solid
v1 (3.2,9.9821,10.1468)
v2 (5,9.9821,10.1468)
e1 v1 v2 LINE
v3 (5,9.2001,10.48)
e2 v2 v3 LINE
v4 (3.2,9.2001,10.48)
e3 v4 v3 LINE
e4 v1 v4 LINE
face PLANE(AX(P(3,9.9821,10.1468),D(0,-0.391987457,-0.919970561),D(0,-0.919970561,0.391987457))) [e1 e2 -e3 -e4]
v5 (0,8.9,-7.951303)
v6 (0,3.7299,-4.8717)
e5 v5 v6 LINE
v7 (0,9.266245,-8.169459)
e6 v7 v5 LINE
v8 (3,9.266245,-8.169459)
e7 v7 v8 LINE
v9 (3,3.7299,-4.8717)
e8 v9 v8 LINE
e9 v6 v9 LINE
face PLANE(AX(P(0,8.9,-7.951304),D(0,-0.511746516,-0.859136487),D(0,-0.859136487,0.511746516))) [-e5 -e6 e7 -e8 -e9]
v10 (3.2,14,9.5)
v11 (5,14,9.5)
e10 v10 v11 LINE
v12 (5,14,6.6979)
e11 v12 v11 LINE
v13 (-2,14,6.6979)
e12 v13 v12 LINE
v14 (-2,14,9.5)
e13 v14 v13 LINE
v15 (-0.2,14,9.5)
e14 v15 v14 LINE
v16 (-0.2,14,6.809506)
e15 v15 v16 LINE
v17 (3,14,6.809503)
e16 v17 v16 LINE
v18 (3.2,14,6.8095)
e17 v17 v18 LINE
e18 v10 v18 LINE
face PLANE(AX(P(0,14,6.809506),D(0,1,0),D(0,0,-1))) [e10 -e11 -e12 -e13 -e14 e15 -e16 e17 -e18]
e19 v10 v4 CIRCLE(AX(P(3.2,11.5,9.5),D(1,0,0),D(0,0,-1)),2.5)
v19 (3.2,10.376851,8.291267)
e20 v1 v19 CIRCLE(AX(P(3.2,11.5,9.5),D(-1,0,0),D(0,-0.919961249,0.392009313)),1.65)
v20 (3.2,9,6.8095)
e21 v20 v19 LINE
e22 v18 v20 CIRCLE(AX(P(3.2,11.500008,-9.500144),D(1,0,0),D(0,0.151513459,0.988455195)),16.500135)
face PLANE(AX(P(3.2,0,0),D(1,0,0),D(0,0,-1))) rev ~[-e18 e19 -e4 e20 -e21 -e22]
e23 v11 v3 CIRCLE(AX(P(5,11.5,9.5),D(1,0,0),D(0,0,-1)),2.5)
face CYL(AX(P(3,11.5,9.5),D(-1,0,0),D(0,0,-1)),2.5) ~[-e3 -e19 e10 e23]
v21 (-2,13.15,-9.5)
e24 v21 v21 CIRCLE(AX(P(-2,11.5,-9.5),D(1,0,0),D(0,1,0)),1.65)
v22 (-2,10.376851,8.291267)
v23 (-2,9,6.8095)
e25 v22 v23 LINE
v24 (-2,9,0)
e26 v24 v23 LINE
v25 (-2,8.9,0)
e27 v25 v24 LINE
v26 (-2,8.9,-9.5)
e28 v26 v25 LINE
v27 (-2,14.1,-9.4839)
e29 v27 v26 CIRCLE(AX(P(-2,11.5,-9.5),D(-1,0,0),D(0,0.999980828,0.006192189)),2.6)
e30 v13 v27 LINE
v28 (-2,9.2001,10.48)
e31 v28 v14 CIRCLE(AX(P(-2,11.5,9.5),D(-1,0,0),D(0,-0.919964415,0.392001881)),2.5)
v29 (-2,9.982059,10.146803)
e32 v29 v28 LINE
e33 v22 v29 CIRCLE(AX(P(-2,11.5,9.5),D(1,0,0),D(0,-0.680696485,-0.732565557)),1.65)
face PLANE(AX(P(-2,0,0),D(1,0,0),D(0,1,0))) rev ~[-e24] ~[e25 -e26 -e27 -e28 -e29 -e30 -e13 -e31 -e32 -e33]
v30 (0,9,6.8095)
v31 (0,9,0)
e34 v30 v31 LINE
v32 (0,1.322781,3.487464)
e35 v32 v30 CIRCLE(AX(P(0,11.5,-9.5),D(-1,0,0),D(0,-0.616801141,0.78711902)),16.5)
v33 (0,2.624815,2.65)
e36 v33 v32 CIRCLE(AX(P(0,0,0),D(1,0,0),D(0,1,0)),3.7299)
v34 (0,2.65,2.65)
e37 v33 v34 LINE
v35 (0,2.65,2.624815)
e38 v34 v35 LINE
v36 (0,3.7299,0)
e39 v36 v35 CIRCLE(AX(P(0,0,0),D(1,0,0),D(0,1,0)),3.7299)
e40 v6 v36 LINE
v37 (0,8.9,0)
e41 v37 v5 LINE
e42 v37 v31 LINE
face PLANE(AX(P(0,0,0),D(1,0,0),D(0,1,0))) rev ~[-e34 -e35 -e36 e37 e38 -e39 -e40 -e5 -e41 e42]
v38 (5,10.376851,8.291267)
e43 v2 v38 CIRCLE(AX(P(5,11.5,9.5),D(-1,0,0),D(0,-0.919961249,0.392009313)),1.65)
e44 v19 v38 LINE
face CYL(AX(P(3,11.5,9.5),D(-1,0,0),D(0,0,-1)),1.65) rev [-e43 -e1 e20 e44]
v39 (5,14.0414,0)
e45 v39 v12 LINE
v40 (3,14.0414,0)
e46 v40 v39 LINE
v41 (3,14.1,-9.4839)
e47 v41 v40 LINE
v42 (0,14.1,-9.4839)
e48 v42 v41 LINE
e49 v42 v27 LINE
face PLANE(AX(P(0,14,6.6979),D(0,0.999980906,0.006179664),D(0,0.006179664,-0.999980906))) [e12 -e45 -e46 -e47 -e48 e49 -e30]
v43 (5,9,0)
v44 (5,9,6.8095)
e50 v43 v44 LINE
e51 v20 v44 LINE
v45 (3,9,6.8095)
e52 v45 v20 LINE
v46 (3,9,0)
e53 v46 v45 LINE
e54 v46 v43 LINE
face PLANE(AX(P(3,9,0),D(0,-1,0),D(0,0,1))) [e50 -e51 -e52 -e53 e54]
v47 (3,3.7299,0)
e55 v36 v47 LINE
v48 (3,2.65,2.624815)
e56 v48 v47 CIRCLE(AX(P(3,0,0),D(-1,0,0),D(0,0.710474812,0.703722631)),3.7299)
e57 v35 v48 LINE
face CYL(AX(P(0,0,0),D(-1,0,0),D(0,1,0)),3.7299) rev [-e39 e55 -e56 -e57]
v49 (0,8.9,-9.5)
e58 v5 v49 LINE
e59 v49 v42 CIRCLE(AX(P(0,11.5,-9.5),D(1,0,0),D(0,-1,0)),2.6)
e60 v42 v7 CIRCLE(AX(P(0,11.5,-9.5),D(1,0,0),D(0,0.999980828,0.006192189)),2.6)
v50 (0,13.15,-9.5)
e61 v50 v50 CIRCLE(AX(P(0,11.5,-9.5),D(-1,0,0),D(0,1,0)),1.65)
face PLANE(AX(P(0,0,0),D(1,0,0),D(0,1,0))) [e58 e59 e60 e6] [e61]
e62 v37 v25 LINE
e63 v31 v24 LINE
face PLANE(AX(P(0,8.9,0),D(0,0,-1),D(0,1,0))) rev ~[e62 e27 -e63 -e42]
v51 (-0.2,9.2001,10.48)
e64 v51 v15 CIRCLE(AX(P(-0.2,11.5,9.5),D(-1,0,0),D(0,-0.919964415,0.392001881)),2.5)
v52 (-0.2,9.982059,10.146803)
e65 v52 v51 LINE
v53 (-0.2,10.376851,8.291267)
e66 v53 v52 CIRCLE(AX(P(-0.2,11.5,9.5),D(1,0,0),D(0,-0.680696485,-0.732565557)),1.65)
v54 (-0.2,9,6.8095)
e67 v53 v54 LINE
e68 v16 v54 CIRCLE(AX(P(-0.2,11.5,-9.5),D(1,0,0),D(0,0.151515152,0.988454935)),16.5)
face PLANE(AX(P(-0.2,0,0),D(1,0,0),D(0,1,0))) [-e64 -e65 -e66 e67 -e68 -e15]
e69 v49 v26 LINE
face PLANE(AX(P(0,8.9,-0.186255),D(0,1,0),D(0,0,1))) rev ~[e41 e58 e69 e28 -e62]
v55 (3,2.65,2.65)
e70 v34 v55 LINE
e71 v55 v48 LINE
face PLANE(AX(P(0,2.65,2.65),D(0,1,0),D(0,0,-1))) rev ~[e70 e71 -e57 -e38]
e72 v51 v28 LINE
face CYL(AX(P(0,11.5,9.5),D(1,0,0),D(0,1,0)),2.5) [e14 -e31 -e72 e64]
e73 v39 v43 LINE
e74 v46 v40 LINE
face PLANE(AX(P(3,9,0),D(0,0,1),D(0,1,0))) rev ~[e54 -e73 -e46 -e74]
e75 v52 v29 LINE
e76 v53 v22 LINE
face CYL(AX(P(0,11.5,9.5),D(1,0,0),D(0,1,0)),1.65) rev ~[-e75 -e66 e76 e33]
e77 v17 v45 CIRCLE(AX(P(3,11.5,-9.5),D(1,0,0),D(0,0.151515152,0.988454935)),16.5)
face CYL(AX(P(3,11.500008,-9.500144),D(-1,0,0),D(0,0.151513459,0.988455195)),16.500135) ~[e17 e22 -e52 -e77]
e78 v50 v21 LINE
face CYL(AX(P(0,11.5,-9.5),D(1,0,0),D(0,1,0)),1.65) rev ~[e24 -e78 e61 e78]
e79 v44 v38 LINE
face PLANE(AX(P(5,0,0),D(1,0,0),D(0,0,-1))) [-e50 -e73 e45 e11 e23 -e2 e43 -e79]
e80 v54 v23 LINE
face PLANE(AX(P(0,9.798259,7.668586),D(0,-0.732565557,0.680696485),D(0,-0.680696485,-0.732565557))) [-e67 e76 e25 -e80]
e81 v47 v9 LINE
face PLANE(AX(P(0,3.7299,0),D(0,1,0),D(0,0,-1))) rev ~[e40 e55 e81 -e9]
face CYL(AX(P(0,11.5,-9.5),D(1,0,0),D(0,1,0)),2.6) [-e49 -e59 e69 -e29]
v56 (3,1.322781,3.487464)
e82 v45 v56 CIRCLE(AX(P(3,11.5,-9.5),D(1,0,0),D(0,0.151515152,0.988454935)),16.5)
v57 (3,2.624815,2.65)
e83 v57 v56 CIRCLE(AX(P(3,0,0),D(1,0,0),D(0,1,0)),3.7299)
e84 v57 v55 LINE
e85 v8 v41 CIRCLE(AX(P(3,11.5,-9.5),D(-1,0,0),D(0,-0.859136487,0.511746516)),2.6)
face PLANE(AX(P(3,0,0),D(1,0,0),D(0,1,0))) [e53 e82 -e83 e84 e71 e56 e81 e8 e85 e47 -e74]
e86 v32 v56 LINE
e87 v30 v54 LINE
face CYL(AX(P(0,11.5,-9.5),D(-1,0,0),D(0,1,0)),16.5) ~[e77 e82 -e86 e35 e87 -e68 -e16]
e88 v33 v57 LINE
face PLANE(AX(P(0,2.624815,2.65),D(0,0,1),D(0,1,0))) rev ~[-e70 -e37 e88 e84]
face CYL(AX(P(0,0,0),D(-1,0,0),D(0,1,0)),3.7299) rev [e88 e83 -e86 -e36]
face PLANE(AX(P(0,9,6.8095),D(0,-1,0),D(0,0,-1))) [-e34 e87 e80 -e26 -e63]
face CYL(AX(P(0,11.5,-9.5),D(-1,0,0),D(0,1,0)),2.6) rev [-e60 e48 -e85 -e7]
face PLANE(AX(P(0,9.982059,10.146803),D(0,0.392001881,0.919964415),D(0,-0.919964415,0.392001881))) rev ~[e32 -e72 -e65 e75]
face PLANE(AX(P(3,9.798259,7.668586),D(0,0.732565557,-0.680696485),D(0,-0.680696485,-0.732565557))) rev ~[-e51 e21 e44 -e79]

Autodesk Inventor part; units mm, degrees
ref_plane "YZ Plane" through (0, 0, 0) normal (1, 0, 0) x (0, 1, 0)
ref_plane "XZ Plane" through (0, 0, 0) normal (0, 1, 0) x (-1, 0, 0)
ref_plane "XY Plane" through (0, 0, 0) normal (0, 0, 1) x (1, 0, 0)
sketch "スケッチ1" plane through (0, 0, 0) normal (1, 0, 0) x (0, 1, 0)
  line L0 (0, 0) -> (0, 6)
  line L1 (0, 6) -> (0, -6)
  line L2 (0, 0) -> (11.5, 0)
  line L3 (11.5, 0) -> (11.5, 9.5)
  line L4 (11.5, 9.5) -> (11.5, -9.5)
  circle A0 centre (0, 6) radius 1.25
  circle A1 centre (0, -6) radius 1.25
  circle A2 centre (11.5, 9.5) radius 1.65
  circle A3 centre (11.5, -9.5) radius 1.65
  circle A4 centre (11.5, 9.5) radius 2.5
  circle A5 centre (11.5, -9.5) radius 2.5
  circle A6 centre (0, 0) radius 2.65
  line L5 (0, 0) -> (-14.6, 0)
  circle A7 centre (-14.6, 0) radius 1.65
  circle A8 centre (-14.6, 0) radius 2.5
  circle A9 centre (0, 6) radius 2
  circle A10 centre (0, -6) radius 2
  line L6 (0, 8) -> (10.6499, 11.851)
  line L7 (0, -8) -> (10.6499, -11.851)
  line L8 (-14.6, 0) -> (-14.6, -2.5)
  line L9 (-14.6, 0) -> (-12.1, 0) construction
  line L10 (-14.6, -2.5) -> (-14.6, 2.5)
  line L11 (-14.6, -2.5) -> (-0.7212, -7.8655)
  line L12 (-14.6, 2.5) -> (-0.7212, 7.8655)
  circle A11 centre (11.5, -9.5) radius 14.9164
  line L13 (11.5, -9.5) -> (0, 0)
  line L14 (11.5, -9.5) -> (0, -2.65)
  line L15 (14, 9.5) -> (14, 6.6979)
  circle A12 centre (11.5, -9.5) radius 16.7294
  circle A13 centre (11.5, -9.5) radius 2.6
  circle A14 centre (11.5, -9.5) radius 16.5
  line L16 (14, 6.6979) -> (14.1, -9.4839)
  line L17 (8.9, -9.5) -> (8.9, 0)
  line L18 (9, 9.5) -> (9, 0)
  line L19 (14.0414, 0) -> (11.5, 0)
  line L20 (0, 2.65) -> (2.65, 2.65)
  line L21 (2.65, 2.65) -> (2.65, 0)
  line L22 (2.65, 2.65) -> (2.65, 4.4258)
  circle A15 centre (0, 0) radius 3.575
  line L23 (0, 3.575) -> (14.0193, 3.575)
  line L24 (0, 3.575) -> (14.0193, 3.575) construction
  circle A16 centre (0, 0) radius 3.7299
  circle A17 centre (11.5, -9.5) radius 11.1866
  line L25 (0, -3.7299) -> (1.8129, -3.7299)
  line L26 (3.7299, 0) -> (3.7299, -4.8717)
  line L27 (3.7299, -3.7299) -> (1.8129, -3.7299)
  circle A18 centre (11.473, -9.4839) radius 9.6471
  line L28 (11.5, 9.5) -> (9.2001, 10.48)
  line L29 (11.5, 9.5) -> (9, 6.8095)
  point P0 (9.3522, -8.2206)
  point P1 (0, 2.65)
  point P2 (12.4812, 7.2006)
  point P3 (14, 6.8095)
  point P4 (0.3158, 2.6311)
  point P5 (9.2662, -8.1695)
  point P6 (1.3228, 3.4875)
  point P7 (2.6248, 2.65)
  point P8 (2.65, 2.6248)
  point P9 (1.3732, -3.4679)
  point P10 (3.1849, -4.5471)
  point P11 (11.5, 7.2294)
  point P12 (9, 7.0415)
  point P13 (9.9821, 10.1468)
  point P14 (11.5, 7.85)
  point P15 (9.2488, 7.0772)
  point P16 (10.3768, 8.2913)
  dimension "d9" = 5
  dimension "d32" = 7.15
  dimension "d0" = 6
  dimension "d1" = 12
  dimension "d2" = 11.5
  dimension "d3" = 9.5
  dimension "d4" = 19
  dimension "d5" = 2.5
  dimension "d6" = 3.3
  dimension "d7" = 3.3
  dimension "d8" = 5
  dimension "d10" = 5.3
  dimension "d11" = 14.6
  dimension "d12" = 3.3
  dimension "d13" = 5
  dimension "d14" = 4
  dimension "d15" = 4
  dimension "d16" = 90
  dimension "d21" = 5.2
  dimension "d22" = 33
  dimension "d33" = 0
extrude "押し出し3" add sketch "スケッチ1" along normal blind 3 contours L23 L22 L20 A16 A14 | A14 L22 L23 | L18 A11 L23 L22 A14 | A14 L3 A11 L18 | L23 A11 A16 L21 L22 | A14 L15 L16 A11 L3 | L18 L23 A11 | A11 L3 L23 L18 | L23 L18 A17 L2 A16 A11 | L2 A17 L26 | A11 L16 L23 L3 | L23 L3 A17 L18 | A17 L18 L2 | L2 L17 A18 L13 L26 A17 | L13 A18 L26 | L23 L16 A17 L3 | A17 L3 A18 L2 L18 | L2 A18 L17 | A18 L17 L13 | L13 L17 L14 L26 A18 | A17 L16 L19 A18 L3 | A18 L2 L4 A13 L13 L17 | L13 A13 L14 L17 | A18 L19 L3 | L3 L2 A18 | L19 A18 L16 A13 L4 | L19 L16 A18
extrude "押し出し4" add sketch "スケッチ1" against normal blind 2 contours L29 A4 A12 | A12 A4 A14 L29 | A14 L3 A11 L18 | A12 L3 A4 | A4 L29 A2 L3 A12 | A4 A12 L3 A2 L28 | A14 L15 L16 A11 L3 | L3 A12 A4 | A4 A12 L15 A14 | A11 L3 L23 L18 | A11 L16 L23 L3 | A4 L15 A12 | L23 L3 A17 L18 | L23 L16 A17 L3 | A17 L3 A18 L2 L18 | L2 A18 L17 | A17 L16 L19 A18 L3 | A18 L2 L4 A13 L13 L17 | L13 A13 L14 L17 | A18 L19 L3 | L3 L2 A18 | A13 L4 A5 L13 | L13 A5 L14 A13 | L14 A13 L17 | L19 A18 L16 A13 L4 | L19 L16 A18 | A13 L14 A5 L7 | L7 A5 L4 A13 | L13 A3 L14 A5 | A5 L4 A3 L13 | A5 L14 A3 L4
sketch "スケッチ3" plane through (3, 0, 0) normal (1, 0, 0) x (0, 0, -1)
  line L0 (0, 0) -> (0, 11.5)
  line L1 (0, 11.5) -> (-9.5, 11.5)
  circle A0 centre (-9.5, 11.5) radius 1.65
  circle A1 centre (-9.5, 11.5) radius 2.5
  line L2 (-10.1468, 9.9821) -> (-10.48, 9.2001) projected
  line L3 (-9.5, 11.5) -> (-10.48, 9.2001)
  line L4 (-9.5, 11.5) -> (-6.8095, 9)
  arc A2 (-6.8095, 14) -> (-3.4875, 1.3228) centre (9.5, 11.5) ccw projected
  line L5 (0, 9) -> (-6.8095, 9) projected
  line L6 (-6.8095, 9) -> (0, 9)
  line L7 (0, 9) -> (0, 14.0414)
  line L8 (9.4839, 14.1) -> (-6.6979, 14) projected
  line L9 (-9.5, 14) -> (-6.6979, 14) projected
  line L10 (-9.5, 14) -> (0, 14.0414)
  point P0 (-8.2913, 10.3768)
  dimension "d37" = 3.3
  dimension "d34" = 11.5
  dimension "d35" = 9.5
  dimension "d36" = 90
  dimension "d38" = 5
extrude "押し出し6" add sketch "スケッチ3" along normal blind 2 contours L5 A2 L1 L0 | L1 A2 L9 L8 L7 | L4 A1 A2 | A1 L4 A0 L1 | L1 A0 L2 A1 | A1 L9 A2
extrude "押し出し7" cut sketch "スケッチ1" against normal blind 0.2 contours L29 A4 A12 | A12 A4 A14 L29 | A12 L3 A4 | A4 L29 A2 L3 A12 | A4 A12 L3 A2 L28 | L3 A12 A4 | A4 A12 L15 A14 | A4 L15 A12
extrude "押し出し8" cut sketch "スケッチ3" along normal blind 0.2 contours L4 A1 A2 | A1 L4 A0 L1 | L1 A0 L2 A1 | A1 L9 A2
properties part number "ikafly2c7"
